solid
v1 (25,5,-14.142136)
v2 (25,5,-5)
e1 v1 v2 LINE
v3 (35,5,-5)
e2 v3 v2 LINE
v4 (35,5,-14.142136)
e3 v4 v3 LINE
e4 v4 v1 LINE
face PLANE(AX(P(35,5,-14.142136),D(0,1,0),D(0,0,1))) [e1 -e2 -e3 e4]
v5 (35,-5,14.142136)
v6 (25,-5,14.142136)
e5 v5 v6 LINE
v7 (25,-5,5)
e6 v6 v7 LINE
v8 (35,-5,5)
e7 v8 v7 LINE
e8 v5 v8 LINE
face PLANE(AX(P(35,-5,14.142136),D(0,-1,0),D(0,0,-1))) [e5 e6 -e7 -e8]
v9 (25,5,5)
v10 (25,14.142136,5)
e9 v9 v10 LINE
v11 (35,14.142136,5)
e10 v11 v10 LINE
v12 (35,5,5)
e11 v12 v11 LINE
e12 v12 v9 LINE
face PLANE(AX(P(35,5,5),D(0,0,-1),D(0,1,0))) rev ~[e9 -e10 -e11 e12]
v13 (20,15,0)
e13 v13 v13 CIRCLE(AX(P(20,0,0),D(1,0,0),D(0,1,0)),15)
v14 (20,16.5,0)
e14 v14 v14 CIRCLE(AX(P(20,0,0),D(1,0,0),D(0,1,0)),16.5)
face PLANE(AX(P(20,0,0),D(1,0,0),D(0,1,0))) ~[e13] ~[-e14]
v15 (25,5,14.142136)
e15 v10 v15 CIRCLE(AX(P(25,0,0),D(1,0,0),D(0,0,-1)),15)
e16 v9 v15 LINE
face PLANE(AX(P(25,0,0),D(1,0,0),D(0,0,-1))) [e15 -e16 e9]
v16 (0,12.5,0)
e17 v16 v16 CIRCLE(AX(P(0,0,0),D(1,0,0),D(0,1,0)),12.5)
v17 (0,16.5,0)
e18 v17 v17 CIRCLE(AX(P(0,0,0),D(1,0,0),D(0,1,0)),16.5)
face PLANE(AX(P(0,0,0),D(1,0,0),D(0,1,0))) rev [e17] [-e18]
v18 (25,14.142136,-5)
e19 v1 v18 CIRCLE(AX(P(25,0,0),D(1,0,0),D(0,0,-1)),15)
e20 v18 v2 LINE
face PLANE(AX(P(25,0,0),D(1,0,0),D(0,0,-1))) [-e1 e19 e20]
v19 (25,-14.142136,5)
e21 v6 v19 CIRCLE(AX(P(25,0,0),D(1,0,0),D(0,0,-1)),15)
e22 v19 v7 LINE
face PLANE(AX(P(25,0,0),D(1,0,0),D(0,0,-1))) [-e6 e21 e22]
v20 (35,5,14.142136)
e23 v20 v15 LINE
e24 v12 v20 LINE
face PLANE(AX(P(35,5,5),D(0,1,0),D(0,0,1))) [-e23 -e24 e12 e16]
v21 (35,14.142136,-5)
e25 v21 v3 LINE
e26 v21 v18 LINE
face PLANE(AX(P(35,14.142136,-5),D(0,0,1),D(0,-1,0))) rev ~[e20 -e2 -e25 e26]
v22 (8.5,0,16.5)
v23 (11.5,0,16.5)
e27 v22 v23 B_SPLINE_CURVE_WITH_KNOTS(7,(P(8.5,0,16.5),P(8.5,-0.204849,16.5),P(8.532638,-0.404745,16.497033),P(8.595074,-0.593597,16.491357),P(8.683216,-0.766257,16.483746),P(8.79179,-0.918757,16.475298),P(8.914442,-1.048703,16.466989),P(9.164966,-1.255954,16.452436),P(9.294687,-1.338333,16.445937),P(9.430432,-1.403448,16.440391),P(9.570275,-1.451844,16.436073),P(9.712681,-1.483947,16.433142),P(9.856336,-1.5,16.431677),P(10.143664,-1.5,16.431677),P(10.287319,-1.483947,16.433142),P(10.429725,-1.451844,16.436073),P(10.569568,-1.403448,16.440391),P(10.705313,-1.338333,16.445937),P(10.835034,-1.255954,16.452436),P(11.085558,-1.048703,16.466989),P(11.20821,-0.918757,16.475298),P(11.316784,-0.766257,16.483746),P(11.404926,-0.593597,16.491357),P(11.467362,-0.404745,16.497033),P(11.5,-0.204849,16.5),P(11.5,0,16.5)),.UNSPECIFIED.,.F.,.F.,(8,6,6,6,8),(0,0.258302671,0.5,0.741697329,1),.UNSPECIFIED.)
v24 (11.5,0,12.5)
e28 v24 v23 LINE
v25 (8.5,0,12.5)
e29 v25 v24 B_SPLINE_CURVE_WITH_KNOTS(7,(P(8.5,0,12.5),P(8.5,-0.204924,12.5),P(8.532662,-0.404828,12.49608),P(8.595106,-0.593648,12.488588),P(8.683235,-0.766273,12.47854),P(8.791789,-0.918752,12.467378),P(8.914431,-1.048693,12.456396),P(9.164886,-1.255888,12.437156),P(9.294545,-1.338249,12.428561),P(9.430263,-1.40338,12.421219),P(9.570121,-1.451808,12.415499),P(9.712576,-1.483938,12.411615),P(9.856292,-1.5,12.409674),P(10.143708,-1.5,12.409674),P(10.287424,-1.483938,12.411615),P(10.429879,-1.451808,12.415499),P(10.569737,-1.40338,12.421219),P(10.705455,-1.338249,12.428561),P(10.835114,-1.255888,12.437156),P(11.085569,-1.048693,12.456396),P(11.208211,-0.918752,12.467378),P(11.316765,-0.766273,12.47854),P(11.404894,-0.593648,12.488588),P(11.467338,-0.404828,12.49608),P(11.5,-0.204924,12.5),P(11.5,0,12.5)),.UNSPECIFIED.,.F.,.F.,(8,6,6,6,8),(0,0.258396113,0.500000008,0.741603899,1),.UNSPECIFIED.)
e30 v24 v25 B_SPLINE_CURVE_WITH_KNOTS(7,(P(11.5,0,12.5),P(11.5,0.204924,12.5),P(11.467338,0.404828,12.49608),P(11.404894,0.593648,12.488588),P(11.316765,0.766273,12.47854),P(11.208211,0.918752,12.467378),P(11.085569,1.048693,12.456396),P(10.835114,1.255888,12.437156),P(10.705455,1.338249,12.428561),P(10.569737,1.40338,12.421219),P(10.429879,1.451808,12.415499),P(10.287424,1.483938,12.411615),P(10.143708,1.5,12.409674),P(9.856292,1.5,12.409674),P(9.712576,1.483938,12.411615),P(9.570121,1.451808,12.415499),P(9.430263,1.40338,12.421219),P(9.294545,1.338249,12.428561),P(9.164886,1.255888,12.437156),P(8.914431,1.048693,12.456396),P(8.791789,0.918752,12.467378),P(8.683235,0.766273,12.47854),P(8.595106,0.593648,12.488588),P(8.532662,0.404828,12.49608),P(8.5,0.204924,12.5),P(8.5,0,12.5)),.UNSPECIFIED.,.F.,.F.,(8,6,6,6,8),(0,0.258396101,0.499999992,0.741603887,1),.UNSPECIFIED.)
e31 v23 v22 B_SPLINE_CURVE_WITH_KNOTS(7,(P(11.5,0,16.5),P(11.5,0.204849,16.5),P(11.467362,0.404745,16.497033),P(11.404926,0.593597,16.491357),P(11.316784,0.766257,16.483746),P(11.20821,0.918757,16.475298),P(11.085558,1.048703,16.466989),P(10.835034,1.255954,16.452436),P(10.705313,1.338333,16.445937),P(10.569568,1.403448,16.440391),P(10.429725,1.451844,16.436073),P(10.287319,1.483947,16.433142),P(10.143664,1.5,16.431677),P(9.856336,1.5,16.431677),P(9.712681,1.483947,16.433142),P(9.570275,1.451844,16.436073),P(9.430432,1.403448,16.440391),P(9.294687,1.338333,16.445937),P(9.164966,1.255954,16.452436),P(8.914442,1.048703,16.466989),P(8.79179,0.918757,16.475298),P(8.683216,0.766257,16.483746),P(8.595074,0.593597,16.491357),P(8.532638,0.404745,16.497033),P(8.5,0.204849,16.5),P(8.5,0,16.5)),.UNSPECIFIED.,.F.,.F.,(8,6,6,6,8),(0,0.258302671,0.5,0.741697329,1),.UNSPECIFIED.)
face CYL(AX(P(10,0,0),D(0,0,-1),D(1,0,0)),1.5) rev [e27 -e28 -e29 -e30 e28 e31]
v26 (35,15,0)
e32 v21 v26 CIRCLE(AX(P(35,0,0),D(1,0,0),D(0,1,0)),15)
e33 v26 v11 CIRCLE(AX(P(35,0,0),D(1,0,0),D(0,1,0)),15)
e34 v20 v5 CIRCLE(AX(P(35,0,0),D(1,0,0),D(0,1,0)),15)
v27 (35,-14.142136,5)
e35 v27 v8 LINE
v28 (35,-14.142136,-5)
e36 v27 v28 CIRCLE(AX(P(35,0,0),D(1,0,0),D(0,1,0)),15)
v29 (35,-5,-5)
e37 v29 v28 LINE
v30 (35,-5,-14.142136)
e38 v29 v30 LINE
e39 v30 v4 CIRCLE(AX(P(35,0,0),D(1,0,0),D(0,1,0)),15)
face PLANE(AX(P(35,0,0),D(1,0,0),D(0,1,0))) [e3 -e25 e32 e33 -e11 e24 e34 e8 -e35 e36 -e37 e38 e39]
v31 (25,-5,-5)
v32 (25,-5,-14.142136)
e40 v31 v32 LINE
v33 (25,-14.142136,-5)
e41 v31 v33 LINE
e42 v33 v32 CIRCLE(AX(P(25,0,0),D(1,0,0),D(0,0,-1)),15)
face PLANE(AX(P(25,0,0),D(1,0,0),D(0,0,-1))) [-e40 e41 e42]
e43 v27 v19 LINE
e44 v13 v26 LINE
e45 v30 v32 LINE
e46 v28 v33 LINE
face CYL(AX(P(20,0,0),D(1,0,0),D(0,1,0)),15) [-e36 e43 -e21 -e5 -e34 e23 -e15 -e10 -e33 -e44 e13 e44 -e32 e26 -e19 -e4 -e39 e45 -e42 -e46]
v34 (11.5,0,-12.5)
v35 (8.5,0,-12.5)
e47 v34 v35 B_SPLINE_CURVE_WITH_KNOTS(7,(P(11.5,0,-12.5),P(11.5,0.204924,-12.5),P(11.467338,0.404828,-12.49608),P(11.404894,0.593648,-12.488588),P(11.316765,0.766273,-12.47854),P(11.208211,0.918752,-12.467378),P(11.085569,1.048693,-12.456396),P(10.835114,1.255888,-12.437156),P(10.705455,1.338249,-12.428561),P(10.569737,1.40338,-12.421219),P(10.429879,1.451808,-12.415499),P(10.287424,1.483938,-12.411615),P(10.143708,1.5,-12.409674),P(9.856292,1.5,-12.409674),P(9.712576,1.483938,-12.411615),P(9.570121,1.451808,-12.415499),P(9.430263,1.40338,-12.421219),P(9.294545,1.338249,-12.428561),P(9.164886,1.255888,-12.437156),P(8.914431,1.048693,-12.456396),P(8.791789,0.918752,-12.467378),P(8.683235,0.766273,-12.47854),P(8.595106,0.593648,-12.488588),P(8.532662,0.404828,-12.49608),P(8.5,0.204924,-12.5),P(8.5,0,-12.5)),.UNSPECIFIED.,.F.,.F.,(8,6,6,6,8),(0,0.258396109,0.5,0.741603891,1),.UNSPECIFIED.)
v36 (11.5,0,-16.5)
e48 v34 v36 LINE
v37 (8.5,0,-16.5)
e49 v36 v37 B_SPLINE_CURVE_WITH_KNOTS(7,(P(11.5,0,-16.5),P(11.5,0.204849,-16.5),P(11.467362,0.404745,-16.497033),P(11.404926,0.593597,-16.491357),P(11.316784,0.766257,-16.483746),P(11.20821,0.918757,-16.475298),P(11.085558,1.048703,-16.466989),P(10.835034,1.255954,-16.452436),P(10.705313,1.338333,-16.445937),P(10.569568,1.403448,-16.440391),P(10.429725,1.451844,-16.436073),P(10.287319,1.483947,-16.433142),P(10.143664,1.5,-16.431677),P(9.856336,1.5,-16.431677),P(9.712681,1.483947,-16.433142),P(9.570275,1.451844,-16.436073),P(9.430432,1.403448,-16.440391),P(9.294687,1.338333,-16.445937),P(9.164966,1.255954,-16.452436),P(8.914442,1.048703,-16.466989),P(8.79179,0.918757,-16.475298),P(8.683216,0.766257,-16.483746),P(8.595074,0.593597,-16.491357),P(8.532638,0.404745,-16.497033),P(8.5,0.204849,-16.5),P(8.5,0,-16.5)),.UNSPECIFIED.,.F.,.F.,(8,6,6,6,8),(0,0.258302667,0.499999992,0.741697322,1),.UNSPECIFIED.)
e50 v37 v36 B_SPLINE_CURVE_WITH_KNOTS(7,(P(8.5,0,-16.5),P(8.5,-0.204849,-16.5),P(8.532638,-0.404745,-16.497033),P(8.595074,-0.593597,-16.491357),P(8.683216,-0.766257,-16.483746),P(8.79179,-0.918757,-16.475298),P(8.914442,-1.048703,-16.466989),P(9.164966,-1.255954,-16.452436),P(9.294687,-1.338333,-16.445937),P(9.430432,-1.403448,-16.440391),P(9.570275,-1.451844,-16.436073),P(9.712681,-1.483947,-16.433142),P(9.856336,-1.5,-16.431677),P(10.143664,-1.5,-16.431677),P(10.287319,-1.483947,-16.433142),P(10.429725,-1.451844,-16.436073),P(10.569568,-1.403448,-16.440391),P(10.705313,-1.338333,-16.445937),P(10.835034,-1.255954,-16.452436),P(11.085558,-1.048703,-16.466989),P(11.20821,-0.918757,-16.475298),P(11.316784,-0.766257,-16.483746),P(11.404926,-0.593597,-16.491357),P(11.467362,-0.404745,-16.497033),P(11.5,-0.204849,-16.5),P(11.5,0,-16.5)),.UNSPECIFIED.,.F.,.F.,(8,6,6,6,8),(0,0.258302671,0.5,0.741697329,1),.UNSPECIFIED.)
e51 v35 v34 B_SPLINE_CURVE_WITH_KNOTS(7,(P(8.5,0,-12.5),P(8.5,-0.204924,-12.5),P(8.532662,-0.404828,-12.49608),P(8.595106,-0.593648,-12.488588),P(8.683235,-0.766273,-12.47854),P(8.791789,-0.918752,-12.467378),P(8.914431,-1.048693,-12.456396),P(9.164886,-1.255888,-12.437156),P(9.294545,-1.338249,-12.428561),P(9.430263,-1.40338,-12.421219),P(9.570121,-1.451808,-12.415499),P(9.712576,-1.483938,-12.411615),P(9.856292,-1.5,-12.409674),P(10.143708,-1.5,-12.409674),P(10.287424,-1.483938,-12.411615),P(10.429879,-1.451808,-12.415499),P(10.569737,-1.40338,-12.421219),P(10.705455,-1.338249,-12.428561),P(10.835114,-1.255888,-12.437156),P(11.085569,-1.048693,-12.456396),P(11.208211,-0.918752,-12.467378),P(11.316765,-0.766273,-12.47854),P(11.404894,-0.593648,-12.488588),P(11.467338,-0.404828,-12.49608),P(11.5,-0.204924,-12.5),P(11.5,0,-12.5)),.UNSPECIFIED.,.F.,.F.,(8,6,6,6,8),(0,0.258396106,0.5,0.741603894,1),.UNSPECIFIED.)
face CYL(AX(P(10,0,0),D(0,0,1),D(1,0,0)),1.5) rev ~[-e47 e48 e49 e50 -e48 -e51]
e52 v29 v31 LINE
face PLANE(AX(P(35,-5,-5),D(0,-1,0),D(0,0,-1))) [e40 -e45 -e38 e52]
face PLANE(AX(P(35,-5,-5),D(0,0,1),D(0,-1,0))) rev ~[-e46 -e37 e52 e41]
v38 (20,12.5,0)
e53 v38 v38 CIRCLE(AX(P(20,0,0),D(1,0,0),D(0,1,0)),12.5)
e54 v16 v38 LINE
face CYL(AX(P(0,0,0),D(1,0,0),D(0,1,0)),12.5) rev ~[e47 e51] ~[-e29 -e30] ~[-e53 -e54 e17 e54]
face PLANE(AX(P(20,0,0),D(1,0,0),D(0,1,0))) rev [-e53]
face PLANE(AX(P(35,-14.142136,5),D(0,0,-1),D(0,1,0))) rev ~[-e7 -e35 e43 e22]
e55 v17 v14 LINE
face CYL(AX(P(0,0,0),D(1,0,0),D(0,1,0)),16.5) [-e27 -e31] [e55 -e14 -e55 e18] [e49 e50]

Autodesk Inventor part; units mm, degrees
ref_plane "YZ Plane" through (0, 0, 0) normal (1, 0, 0) x (0, 1, 0)
ref_plane "XZ Plane" through (0, 0, 0) normal (0, 1, 0) x (-1, 0, 0)
ref_plane "XY Plane" through (0, 0, 0) normal (0, 0, 1) x (1, 0, 0)
sketch "Эскиз1" plane through (0, 0, 0) normal (0, 0, 1) x (1, 0, 0)
  line L0 (0, 0) -> (20, 0)
  line L1 (0, 0) -> (0, 12.5)
  line L2 (0, 12.5) -> (0, 16.5)
  line L3 (0, 12.5) -> (20, 12.5)
  line L4 (20, 0) -> (20, 15)
  line L5 (20, 15) -> (35, 15)
  line L6 (35, 15) -> (35, 0)
  line L7 (35, 0) -> (20, 0)
  line L8 (0, 16.5) -> (20, 16.5)
  line L9 (20, 15) -> (20, 16.5)
  dimension "d0" = 20
  dimension "d1" = 12.5
  dimension "d2" = 4
  dimension "d5" = 15
  dimension "d6" = 15
revolve "Вращение1" add sketch "Эскиз1" angle 360 about axis through (0, 0, 0) along (1, 0, 0) contours L4 L5 L6 L7 | L2 L8 L9 L4 L3
sketch "Эскиз2" plane through (0, 0, 0) normal (0, 0, 1) x (1, 0, 0)
  line L0 (0, 0) -> (10, 0)
  circle A0 centre (10, 0) radius 1.5
  dimension "d8" = 10
  dimension "d9" = 3
extrude "Выдавливание1" cut sketch "Эскиз2" along normal mid plane 40
thread "Резьба1" size "M3x0.5" class "6H" standard "ANSI Metric M Profile" full length
sketch "Эскиз3" plane through (35, 0, 0) normal (1, 0, 0) x (0, 0, -1)
  line L0 (0, 0) -> (-5, 0)
  line L1 (-5, 0) -> (-5, 20)
  line L2 (-5, 20) -> (5, 20)
  line L3 (5, 20) -> (5, -20)
  line L4 (5, -20) -> (-5, -20)
  line L5 (-5, -20) -> (-5, 0)
  circle A0 centre (0, 0) radius 15 projected
  line L6 (0, 0) -> (0, 5)
  line L7 (0, 5) -> (-20, 5)
  line L8 (-20, 5) -> (-20, -5)
  line L9 (-20, -5) -> (20, -5)
  line L10 (20, -5) -> (20, 5)
  line L11 (20, 5) -> (0, 5)
  point P0 (-5, -5)
  point P1 (-14.1421, -5)
  point P2 (-5, -14.1421)
  point P3 (14.1421, -5)
  point P4 (5, -5)
  point P5 (5, -14.1421)
  point P6 (5, 5)
  point P7 (14.1421, 5)
  point P8 (5, 14.1421)
  point P9 (-14.1421, 5)
  point P10 (-5, 5)
  point P11 (-5, 14.1421)
  dimension "d14" = 5
  dimension "d15" = 10
  dimension "d16" = 5
  dimension "d17" = 10
extrude "Выдавливание2" cut sketch "Эскиз3" against normal blind 10 contours L7 A0 L1 | L5 A0 L9 | L3 A0 L11 | L9 A0 L3
properties part number "Втулка двигатель, вал"
